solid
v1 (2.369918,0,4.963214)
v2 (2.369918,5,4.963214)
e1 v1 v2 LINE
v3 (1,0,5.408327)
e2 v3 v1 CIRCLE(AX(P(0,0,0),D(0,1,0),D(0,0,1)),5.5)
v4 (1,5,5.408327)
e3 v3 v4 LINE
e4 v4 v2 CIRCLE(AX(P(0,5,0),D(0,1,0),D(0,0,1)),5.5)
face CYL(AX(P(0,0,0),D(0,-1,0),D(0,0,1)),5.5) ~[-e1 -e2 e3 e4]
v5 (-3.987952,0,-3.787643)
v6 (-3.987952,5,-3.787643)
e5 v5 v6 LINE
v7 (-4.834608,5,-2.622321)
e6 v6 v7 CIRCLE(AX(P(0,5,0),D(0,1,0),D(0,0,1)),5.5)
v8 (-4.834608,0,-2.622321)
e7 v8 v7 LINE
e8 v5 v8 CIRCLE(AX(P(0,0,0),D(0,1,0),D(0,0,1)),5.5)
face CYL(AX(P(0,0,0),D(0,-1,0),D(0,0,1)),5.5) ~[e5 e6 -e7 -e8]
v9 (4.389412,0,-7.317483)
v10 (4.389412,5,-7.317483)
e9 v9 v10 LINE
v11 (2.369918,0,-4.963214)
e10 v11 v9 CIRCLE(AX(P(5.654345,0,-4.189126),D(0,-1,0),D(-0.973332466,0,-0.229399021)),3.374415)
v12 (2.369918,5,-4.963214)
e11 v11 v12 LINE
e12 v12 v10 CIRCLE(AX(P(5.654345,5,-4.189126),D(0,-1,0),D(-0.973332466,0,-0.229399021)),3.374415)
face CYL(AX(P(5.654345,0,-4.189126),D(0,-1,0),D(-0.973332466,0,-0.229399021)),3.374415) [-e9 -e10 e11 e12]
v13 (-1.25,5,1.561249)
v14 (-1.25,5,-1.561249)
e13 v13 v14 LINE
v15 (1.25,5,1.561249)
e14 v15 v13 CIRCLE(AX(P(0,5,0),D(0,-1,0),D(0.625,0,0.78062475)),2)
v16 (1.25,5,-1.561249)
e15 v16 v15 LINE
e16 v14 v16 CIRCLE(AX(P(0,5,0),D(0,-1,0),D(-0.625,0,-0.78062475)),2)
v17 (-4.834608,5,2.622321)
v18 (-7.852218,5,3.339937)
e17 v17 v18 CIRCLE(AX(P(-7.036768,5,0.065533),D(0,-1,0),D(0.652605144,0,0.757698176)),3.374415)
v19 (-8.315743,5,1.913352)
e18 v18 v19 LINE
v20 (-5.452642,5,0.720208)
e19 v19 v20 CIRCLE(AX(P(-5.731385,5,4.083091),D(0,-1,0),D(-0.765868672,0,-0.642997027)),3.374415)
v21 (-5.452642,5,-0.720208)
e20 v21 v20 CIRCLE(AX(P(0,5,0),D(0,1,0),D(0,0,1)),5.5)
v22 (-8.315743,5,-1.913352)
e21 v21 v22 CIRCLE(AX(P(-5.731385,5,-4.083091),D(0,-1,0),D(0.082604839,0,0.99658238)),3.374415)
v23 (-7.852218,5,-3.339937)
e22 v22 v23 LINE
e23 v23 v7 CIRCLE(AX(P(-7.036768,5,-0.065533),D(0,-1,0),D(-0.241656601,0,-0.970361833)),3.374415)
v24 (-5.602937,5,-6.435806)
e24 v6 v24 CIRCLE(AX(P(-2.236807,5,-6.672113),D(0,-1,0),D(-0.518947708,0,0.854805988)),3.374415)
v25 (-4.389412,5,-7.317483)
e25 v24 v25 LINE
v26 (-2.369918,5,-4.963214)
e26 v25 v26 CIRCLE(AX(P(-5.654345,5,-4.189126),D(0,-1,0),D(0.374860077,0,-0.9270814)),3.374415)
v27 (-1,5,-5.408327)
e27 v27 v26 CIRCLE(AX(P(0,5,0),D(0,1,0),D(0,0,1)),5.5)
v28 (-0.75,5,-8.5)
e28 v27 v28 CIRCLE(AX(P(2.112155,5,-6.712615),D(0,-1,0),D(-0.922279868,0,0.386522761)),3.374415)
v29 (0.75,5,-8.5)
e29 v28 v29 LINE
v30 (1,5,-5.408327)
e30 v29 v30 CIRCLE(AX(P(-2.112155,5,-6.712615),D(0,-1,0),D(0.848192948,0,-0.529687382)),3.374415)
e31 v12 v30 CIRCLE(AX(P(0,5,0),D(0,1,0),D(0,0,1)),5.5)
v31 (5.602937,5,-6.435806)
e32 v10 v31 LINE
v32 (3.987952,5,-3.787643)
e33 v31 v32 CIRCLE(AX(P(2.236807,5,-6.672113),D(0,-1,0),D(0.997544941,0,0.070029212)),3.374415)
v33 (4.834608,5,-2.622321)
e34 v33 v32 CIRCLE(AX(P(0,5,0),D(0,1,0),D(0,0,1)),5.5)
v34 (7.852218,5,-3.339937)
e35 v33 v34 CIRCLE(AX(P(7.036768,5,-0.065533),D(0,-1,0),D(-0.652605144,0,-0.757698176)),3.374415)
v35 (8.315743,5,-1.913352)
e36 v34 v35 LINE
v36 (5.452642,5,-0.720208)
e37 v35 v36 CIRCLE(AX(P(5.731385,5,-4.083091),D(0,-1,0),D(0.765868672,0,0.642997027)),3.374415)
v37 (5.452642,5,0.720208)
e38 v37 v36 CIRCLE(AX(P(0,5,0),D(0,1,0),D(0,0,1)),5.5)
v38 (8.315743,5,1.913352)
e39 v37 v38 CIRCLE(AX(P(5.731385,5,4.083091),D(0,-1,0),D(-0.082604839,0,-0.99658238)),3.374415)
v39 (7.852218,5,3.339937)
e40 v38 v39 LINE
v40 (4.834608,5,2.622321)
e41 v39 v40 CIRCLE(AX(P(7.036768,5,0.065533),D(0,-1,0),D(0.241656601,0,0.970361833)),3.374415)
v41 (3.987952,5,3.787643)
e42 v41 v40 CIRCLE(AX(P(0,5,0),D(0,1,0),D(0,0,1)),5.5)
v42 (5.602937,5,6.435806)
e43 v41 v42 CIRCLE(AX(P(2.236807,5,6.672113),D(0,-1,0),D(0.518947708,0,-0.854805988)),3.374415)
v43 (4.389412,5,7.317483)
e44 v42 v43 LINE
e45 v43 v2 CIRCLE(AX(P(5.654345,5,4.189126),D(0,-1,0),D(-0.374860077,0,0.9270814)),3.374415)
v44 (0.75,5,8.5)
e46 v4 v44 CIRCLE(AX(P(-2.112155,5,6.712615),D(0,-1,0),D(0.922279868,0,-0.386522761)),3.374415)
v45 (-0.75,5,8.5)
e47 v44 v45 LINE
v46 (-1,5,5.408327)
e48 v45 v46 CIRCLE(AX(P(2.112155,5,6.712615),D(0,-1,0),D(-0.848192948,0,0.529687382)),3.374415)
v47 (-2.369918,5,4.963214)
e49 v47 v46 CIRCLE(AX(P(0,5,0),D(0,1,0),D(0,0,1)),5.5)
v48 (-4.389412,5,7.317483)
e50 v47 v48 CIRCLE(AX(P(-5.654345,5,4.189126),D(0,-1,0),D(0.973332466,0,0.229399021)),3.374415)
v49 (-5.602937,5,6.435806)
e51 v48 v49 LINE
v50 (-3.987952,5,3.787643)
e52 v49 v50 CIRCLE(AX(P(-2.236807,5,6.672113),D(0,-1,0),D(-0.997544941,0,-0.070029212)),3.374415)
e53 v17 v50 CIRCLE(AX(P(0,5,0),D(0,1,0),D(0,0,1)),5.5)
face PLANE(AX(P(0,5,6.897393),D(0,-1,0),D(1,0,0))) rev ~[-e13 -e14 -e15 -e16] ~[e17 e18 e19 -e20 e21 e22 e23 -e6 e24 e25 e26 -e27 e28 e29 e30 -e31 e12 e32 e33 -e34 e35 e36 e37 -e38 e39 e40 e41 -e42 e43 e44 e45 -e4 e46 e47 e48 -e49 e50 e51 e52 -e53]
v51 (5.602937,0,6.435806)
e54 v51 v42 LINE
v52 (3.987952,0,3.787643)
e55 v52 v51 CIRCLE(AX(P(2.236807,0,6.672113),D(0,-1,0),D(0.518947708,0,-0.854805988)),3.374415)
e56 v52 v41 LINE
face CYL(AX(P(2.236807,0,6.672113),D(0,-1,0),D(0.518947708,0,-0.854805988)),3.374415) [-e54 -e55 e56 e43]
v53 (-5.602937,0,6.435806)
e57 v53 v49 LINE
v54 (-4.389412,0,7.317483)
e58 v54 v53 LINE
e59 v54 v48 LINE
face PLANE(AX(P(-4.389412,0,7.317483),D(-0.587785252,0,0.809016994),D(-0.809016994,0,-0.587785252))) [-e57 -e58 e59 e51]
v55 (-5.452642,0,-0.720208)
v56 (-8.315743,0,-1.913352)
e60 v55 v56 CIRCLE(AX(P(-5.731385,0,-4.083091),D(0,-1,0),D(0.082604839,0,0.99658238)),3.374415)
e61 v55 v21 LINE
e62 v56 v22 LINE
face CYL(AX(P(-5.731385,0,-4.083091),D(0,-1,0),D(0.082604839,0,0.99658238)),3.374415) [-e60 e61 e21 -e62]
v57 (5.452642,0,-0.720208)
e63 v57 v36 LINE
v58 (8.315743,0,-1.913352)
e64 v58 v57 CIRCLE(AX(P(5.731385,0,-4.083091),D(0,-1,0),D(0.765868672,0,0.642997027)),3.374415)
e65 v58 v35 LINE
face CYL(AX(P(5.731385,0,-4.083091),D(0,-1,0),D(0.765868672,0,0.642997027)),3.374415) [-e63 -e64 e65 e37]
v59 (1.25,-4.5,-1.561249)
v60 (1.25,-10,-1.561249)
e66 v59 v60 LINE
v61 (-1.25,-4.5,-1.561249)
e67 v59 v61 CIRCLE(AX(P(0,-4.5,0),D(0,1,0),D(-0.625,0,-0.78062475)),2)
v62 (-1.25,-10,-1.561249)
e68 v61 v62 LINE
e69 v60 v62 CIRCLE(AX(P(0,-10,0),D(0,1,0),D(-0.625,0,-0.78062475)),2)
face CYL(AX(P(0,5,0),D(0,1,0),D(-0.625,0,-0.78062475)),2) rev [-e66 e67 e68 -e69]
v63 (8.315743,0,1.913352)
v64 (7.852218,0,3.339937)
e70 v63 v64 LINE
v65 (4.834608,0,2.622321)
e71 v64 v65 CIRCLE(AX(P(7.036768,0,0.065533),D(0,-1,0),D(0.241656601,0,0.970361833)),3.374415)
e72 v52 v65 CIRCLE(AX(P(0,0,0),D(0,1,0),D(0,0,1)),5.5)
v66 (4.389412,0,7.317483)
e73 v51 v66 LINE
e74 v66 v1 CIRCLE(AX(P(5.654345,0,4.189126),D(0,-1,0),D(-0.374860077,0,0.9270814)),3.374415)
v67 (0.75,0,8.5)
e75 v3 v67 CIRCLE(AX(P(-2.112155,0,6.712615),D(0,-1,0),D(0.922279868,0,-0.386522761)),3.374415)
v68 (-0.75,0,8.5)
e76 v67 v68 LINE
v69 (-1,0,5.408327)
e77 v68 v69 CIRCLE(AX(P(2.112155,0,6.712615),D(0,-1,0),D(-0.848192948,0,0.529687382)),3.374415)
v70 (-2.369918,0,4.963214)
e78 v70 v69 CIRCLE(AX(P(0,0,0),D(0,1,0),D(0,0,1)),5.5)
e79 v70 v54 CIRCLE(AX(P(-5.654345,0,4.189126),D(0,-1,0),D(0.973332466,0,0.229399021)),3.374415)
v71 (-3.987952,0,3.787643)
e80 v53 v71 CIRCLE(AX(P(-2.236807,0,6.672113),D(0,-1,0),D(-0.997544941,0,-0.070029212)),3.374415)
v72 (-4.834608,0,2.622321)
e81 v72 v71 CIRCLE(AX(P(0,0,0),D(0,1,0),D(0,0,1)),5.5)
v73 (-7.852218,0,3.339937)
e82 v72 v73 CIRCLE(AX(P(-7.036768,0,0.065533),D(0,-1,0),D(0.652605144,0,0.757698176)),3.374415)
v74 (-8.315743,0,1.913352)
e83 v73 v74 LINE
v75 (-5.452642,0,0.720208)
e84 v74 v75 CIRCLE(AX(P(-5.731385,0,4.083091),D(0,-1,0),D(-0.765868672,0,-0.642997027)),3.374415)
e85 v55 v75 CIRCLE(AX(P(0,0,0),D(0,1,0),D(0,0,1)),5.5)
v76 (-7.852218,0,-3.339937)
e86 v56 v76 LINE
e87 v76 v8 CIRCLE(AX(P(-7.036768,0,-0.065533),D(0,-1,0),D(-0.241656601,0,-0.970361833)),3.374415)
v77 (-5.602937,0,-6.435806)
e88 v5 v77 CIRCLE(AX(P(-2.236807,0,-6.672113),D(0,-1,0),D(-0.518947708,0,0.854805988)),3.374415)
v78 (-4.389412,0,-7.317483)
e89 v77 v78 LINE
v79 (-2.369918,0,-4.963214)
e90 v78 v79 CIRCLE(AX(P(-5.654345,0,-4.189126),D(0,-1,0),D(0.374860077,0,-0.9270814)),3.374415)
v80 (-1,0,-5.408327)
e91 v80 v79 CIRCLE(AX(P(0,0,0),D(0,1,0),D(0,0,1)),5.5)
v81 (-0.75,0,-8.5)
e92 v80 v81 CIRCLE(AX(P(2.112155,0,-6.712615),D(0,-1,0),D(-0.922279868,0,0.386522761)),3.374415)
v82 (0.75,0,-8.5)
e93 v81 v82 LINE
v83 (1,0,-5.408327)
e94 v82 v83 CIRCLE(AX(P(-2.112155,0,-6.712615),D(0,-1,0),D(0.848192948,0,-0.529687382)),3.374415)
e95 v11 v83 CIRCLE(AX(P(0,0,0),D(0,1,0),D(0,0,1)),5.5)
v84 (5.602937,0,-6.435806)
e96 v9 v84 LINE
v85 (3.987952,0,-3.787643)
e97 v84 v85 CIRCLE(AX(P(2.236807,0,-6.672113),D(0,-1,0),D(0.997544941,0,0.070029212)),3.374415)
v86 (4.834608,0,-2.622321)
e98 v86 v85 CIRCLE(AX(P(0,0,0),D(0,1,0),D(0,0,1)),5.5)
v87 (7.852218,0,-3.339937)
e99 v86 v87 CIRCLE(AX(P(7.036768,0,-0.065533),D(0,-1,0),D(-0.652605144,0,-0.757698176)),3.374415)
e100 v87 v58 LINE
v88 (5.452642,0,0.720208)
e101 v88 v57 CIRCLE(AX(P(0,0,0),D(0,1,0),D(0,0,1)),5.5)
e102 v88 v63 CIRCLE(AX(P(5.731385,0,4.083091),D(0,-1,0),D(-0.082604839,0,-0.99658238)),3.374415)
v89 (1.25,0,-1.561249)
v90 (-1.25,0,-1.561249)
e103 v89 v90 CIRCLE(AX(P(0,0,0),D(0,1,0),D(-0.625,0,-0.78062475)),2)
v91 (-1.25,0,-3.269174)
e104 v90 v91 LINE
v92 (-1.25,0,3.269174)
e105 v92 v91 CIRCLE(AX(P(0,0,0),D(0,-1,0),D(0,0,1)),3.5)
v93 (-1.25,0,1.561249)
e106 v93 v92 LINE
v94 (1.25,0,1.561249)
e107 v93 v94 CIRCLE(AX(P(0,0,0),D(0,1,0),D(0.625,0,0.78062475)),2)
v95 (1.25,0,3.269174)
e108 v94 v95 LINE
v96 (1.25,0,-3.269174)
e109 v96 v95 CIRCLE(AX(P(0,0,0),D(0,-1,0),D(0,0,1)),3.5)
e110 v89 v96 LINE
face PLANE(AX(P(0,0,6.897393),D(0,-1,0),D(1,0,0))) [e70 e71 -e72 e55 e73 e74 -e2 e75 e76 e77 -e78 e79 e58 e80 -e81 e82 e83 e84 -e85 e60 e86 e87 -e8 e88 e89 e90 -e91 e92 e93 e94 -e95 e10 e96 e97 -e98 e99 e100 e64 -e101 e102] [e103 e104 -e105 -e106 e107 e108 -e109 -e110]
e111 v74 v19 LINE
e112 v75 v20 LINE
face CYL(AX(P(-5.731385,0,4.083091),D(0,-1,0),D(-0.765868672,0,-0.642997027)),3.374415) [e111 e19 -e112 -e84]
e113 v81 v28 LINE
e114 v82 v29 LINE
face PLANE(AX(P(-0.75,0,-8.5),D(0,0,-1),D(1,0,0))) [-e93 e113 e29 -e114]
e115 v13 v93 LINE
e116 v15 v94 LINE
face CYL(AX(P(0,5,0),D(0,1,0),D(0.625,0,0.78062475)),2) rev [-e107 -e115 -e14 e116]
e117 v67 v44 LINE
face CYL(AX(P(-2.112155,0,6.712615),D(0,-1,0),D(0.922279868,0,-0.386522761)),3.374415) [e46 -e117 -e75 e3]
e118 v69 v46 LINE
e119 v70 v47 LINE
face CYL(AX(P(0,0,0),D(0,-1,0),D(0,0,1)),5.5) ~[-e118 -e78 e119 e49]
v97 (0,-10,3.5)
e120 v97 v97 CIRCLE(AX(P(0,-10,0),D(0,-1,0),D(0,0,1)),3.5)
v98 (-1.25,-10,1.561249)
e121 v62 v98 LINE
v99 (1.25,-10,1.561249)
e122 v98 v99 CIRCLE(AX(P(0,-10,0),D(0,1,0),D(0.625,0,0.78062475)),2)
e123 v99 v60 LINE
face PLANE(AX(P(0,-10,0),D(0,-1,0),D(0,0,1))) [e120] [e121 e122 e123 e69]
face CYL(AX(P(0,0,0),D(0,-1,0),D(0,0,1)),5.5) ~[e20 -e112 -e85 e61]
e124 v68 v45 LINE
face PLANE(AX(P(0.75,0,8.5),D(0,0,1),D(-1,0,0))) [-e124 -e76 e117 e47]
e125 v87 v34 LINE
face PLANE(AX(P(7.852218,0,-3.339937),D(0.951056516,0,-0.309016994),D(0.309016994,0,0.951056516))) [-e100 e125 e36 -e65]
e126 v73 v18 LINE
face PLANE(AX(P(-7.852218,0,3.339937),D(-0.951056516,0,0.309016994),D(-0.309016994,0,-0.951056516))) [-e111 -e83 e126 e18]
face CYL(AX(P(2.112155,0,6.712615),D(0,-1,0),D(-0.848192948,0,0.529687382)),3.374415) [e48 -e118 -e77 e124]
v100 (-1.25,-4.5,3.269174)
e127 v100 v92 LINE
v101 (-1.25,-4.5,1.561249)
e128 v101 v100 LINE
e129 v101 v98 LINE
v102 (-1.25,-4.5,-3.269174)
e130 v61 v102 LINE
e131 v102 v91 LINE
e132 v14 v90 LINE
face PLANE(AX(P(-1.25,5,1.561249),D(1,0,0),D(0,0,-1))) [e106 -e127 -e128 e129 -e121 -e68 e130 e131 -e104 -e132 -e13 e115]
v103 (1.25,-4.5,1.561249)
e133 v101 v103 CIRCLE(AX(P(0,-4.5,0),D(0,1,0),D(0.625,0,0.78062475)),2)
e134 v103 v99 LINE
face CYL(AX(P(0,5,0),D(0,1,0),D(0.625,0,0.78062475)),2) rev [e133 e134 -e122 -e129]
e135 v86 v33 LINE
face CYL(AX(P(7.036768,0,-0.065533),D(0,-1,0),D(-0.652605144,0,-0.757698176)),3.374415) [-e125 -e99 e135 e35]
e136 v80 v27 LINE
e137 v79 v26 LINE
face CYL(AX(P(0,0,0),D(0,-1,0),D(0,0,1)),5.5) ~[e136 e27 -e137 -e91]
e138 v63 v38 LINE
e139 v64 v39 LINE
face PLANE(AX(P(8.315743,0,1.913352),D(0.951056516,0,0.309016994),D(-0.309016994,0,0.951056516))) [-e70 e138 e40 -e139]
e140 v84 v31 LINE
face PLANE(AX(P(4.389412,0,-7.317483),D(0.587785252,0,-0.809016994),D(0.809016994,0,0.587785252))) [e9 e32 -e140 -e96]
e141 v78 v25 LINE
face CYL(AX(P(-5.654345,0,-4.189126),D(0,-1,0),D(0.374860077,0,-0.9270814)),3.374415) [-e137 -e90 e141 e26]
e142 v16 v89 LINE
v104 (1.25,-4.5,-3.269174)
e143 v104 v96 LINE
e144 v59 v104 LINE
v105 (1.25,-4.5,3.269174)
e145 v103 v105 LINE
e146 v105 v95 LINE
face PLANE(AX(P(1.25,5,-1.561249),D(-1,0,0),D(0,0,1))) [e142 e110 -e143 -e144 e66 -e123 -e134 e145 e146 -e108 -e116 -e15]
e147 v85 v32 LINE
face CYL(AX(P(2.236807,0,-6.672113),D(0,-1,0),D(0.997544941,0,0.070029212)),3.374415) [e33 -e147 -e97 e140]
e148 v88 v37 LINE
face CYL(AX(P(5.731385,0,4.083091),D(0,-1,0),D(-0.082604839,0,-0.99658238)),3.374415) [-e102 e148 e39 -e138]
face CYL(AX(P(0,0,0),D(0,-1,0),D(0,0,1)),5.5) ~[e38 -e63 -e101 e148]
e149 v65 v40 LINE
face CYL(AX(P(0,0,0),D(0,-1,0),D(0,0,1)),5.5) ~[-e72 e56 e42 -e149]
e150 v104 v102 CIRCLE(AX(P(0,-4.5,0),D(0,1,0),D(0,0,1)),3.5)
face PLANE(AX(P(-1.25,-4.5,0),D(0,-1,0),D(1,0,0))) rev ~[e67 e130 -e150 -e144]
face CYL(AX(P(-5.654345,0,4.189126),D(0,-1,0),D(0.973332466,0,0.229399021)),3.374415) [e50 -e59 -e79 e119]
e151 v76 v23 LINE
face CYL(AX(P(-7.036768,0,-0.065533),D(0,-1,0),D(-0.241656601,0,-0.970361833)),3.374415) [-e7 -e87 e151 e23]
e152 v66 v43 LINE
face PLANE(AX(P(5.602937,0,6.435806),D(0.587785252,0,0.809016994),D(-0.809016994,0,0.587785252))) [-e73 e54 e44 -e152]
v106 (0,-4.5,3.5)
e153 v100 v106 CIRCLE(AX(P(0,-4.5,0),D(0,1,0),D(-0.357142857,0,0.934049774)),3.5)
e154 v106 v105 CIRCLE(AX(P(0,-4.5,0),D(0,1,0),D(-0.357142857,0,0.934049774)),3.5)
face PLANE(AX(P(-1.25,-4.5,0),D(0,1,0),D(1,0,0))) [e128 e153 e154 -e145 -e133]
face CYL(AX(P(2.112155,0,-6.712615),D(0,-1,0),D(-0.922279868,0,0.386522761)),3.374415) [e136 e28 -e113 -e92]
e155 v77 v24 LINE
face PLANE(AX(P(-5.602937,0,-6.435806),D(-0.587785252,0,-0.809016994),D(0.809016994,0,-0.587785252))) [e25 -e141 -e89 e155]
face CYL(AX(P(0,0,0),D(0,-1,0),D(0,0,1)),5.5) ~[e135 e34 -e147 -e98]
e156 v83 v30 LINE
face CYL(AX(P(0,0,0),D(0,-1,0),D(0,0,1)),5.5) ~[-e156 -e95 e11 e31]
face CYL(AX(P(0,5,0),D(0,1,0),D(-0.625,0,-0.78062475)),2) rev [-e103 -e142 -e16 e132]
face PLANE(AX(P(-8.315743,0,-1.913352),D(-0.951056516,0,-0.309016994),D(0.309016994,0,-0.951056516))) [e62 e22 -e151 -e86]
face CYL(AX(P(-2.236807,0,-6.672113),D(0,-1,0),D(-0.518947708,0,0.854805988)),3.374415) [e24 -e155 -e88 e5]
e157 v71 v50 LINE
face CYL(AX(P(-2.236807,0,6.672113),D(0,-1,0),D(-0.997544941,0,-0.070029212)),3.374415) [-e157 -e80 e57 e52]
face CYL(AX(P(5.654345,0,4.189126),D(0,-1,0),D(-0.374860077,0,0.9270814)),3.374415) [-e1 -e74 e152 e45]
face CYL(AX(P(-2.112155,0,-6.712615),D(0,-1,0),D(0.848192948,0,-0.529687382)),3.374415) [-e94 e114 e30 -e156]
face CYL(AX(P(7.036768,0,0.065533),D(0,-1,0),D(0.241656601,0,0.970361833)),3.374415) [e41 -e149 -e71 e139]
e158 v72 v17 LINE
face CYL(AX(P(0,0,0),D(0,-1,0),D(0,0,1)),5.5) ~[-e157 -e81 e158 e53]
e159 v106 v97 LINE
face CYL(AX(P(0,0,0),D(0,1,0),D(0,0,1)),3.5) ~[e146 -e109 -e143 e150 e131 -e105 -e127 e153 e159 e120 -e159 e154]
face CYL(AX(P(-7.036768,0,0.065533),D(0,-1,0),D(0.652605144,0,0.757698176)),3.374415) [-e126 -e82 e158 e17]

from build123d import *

# Parameters (mm, degrees)
SKETCH_1_R                      = 5.5
EXTRUDE_1_DEPTH                 = 5
EXTRUDE_START                   = -5
EXTRUDE_2_DEPTH                 = 5
SKETCH_3_R                      = 3.5
EXTRUDE_3_DEPTH                 = 10
CUT_EXTRUDE_1_DEPTH             = 20.141619155
CUT_EXTRUDE_2_REACH             = 17.537
SKETCH_5_W                      = 2.5
SKETCH_5_H                      = 4.5
CUT_EXTRUDE_2_DIRECTION_2_REACH = 17.537


with BuildPart() as part:
    # 草图1 → 凸台-拉伸1 (new body)
    with BuildSketch(Plane(origin=(0, 0, 0), x_dir=(1, 0, 0), z_dir=(0, 1, 0))):
        with Locations(Location((0, 0, 0), (0, 0, 270))):
            Circle(SKETCH_1_R)
    extrude(amount=EXTRUDE_1_DEPTH)

    # 草图2 → 凸台-拉伸2 (add)
    with BuildSketch(Plane(origin=(0, 5, 0), x_dir=(-1, 0, 0), z_dir=(0, 1, 0)).offset(EXTRUDE_START)):
        with BuildLine():
            Line((-4.389411899, -7.317483391), (-5.60293739, -6.435805513))
            ThreePointArc((-5.60293739, -6.435805513), (-5.11774735, -4.915167527), (-3.987951794, -3.787643132))
            ThreePointArc((-3.987951794, -3.787643132), (-3.232818888, -4.449593469), (-2.369917805, -4.963213636))
            ThreePointArc((-2.369917805, -4.963213636), (-3.093131201, -6.386137262), (-4.389411899, -7.317483391))
        make_face()
        with BuildLine():
            Line((-7.852217643, -3.339936839), (-8.315743134, -1.913352065))
            ThreePointArc((-8.315743134, -1.913352065), (-7.029407564, -0.968317642), (-5.452641547, -0.720208411))
            ThreePointArc((-5.452641547, -0.720208411), (-5.23081084, -1.699593469), (-4.834607559, -2.622321444))
            ThreePointArc((-4.834607559, -2.622321444), (-6.256073009, -3.34839667), (-7.852217643, -3.339936839))
        make_face()
        with BuildLine():
            Line((-8.315743134, 1.913352065), (-7.852217643, 3.339936839))
            ThreePointArc((-7.852217643, 3.339936839), (-6.256073009, 3.34839667), (-4.834607559, 2.622321444))
            ThreePointArc((-4.834607559, 2.622321444), (-5.23081084, 1.699593469), (-5.452641547, 0.720208411))
            ThreePointArc((-5.452641547, 0.720208411), (-7.029407564, 0.968317642), (-8.315743134, 1.913352065))
        make_face()
        with BuildLine():
            Line((-5.60293739, 6.435805513), (-4.389411899, 7.317483391))
            ThreePointArc((-4.389411899, 7.317483391), (-3.093131201, 6.386137262), (-2.369917805, 4.963213636))
            ThreePointArc((-2.369917805, 4.963213636), (-3.232818888, 4.449593469), (-3.987951794, 3.787643132))
            ThreePointArc((-3.987951794, 3.787643132), (-5.11774735, 4.915167527), (-5.60293739, 6.435805513))
        make_face()
        with BuildLine():
            Line((-0.75, 8.5), (0.75, 8.5))
            ThreePointArc((0.75, 8.5), (1.251281594, 6.984590476), (1, 5.408326913))
            ThreePointArc((1, 5.408326913), (0, 5.5), (-1, 5.408326913))
            ThreePointArc((-1, 5.408326913), (-1.251281594, 6.984590476), (-0.75, 8.5))
        make_face()
        with BuildLine():
            Line((4.389411899, 7.317483391), (5.60293739, 6.435805513))
            ThreePointArc((5.60293739, 6.435805513), (5.11774735, 4.915167527), (3.987951794, 3.787643132))
            ThreePointArc((3.987951794, 3.787643132), (3.232818888, 4.449593469), (2.369917805, 4.963213636))
            ThreePointArc((2.369917805, 4.963213636), (3.093131201, 6.386137262), (4.389411899, 7.317483391))
        make_face()
        with BuildLine():
            Line((0.75, -8.5), (-0.75, -8.5))
            ThreePointArc((-0.75, -8.5), (-1.251281594, -6.984590476), (-1, -5.408326913))
            ThreePointArc((-1, -5.408326913), (0, -5.5), (1, -5.408326913))
            ThreePointArc((1, -5.408326913), (1.251281594, -6.984590476), (0.75, -8.5))
        make_face()
        with BuildLine():
            Line((7.852217643, 3.339936839), (8.315743134, 1.913352065))
            ThreePointArc((8.315743134, 1.913352065), (7.029407564, 0.968317642), (5.452641547, 0.720208411))
            ThreePointArc((5.452641547, 0.720208411), (5.23081084, 1.699593469), (4.834607559, 2.622321444))
            ThreePointArc((4.834607559, 2.622321444), (6.256073009, 3.34839667), (7.852217643, 3.339936839))
        make_face()
        with BuildLine():
            Line((8.315743134, -1.913352065), (7.852217643, -3.339936839))
            ThreePointArc((7.852217643, -3.339936839), (6.256073009, -3.34839667), (4.834607559, -2.622321444))
            ThreePointArc((4.834607559, -2.622321444), (5.23081084, -1.699593469), (5.452641547, -0.720208411))
            ThreePointArc((5.452641547, -0.720208411), (7.029407564, -0.968317642), (8.315743134, -1.913352065))
        make_face()
        with BuildLine():
            Line((5.60293739, -6.435805513), (4.389411899, -7.317483391))
            ThreePointArc((4.389411899, -7.317483391), (3.093131201, -6.386137262), (2.369917805, -4.963213636))
            ThreePointArc((2.369917805, -4.963213636), (3.232818888, -4.449593469), (3.987951794, -3.787643132))
            ThreePointArc((3.987951794, -3.787643132), (5.11774735, -4.915167527), (5.60293739, -6.435805513))
        make_face()
    extrude(amount=EXTRUDE_2_DEPTH)

    # 草图3 → 凸台-拉伸3 (add)
    with BuildSketch(Plane.XZ):
        with Locations(Location((0, 0, 0), (0, 0, 90))):
            Circle(SKETCH_3_R)
    extrude(amount=EXTRUDE_3_DEPTH)

    # 草图4 → 切除-拉伸1 (cut, through all)
    with BuildSketch(Plane(origin=(0, 5, 0), x_dir=(-1, 0, 0), z_dir=(0, 1, 0))):
        with BuildLine():
            Line((1.25, 1.5612495), (1.25, -1.5612495))
            ThreePointArc((1.25, -1.5612495), (0, -2), (-1.25, -1.5612495))
            Line((-1.25, -1.5612495), (-1.25, 1.5612495))
            ThreePointArc((-1.25, 1.5612495), (0, 2), (1.25, 1.5612495))
        make_face()
    extrude(amount=-CUT_EXTRUDE_1_DEPTH, mode=Mode.SUBTRACT)

    # 草图5 → 切除-拉伸2 (cut, up to next)
    with BuildSketch(Plane.XY, mode=Mode.PRIVATE) as cut_extrude_2_sk1:
        with Locations((0, -2.25)):
            Rectangle(SKETCH_5_W, SKETCH_5_H)
    cut_extrude_2_tool1 = extrude(cut_extrude_2_sk1.sketch, amount=-CUT_EXTRUDE_2_REACH, mode=Mode.PRIVATE) & part.part
    add(cut_extrude_2_tool1.solids().sort_by_distance((0, -2.25, 0))[0], mode=Mode.SUBTRACT)

    # 草图5 → 切除-拉伸2 direction 2 (cut, up to next)
    with BuildSketch(Plane.XY, mode=Mode.PRIVATE) as cut_extrude_2_direction_2_sk1:
        with Locations((0, -2.25)):
            Rectangle(SKETCH_5_W, SKETCH_5_H)
    cut_extrude_2_direction_2_tool1 = extrude(cut_extrude_2_direction_2_sk1.sketch, amount=CUT_EXTRUDE_2_DIRECTION_2_REACH, mode=Mode.PRIVATE) & part.part
    add(cut_extrude_2_direction_2_tool1.solids().sort_by_distance((0, -2.25, 0))[0], mode=Mode.SUBTRACT)


solid = part.part
